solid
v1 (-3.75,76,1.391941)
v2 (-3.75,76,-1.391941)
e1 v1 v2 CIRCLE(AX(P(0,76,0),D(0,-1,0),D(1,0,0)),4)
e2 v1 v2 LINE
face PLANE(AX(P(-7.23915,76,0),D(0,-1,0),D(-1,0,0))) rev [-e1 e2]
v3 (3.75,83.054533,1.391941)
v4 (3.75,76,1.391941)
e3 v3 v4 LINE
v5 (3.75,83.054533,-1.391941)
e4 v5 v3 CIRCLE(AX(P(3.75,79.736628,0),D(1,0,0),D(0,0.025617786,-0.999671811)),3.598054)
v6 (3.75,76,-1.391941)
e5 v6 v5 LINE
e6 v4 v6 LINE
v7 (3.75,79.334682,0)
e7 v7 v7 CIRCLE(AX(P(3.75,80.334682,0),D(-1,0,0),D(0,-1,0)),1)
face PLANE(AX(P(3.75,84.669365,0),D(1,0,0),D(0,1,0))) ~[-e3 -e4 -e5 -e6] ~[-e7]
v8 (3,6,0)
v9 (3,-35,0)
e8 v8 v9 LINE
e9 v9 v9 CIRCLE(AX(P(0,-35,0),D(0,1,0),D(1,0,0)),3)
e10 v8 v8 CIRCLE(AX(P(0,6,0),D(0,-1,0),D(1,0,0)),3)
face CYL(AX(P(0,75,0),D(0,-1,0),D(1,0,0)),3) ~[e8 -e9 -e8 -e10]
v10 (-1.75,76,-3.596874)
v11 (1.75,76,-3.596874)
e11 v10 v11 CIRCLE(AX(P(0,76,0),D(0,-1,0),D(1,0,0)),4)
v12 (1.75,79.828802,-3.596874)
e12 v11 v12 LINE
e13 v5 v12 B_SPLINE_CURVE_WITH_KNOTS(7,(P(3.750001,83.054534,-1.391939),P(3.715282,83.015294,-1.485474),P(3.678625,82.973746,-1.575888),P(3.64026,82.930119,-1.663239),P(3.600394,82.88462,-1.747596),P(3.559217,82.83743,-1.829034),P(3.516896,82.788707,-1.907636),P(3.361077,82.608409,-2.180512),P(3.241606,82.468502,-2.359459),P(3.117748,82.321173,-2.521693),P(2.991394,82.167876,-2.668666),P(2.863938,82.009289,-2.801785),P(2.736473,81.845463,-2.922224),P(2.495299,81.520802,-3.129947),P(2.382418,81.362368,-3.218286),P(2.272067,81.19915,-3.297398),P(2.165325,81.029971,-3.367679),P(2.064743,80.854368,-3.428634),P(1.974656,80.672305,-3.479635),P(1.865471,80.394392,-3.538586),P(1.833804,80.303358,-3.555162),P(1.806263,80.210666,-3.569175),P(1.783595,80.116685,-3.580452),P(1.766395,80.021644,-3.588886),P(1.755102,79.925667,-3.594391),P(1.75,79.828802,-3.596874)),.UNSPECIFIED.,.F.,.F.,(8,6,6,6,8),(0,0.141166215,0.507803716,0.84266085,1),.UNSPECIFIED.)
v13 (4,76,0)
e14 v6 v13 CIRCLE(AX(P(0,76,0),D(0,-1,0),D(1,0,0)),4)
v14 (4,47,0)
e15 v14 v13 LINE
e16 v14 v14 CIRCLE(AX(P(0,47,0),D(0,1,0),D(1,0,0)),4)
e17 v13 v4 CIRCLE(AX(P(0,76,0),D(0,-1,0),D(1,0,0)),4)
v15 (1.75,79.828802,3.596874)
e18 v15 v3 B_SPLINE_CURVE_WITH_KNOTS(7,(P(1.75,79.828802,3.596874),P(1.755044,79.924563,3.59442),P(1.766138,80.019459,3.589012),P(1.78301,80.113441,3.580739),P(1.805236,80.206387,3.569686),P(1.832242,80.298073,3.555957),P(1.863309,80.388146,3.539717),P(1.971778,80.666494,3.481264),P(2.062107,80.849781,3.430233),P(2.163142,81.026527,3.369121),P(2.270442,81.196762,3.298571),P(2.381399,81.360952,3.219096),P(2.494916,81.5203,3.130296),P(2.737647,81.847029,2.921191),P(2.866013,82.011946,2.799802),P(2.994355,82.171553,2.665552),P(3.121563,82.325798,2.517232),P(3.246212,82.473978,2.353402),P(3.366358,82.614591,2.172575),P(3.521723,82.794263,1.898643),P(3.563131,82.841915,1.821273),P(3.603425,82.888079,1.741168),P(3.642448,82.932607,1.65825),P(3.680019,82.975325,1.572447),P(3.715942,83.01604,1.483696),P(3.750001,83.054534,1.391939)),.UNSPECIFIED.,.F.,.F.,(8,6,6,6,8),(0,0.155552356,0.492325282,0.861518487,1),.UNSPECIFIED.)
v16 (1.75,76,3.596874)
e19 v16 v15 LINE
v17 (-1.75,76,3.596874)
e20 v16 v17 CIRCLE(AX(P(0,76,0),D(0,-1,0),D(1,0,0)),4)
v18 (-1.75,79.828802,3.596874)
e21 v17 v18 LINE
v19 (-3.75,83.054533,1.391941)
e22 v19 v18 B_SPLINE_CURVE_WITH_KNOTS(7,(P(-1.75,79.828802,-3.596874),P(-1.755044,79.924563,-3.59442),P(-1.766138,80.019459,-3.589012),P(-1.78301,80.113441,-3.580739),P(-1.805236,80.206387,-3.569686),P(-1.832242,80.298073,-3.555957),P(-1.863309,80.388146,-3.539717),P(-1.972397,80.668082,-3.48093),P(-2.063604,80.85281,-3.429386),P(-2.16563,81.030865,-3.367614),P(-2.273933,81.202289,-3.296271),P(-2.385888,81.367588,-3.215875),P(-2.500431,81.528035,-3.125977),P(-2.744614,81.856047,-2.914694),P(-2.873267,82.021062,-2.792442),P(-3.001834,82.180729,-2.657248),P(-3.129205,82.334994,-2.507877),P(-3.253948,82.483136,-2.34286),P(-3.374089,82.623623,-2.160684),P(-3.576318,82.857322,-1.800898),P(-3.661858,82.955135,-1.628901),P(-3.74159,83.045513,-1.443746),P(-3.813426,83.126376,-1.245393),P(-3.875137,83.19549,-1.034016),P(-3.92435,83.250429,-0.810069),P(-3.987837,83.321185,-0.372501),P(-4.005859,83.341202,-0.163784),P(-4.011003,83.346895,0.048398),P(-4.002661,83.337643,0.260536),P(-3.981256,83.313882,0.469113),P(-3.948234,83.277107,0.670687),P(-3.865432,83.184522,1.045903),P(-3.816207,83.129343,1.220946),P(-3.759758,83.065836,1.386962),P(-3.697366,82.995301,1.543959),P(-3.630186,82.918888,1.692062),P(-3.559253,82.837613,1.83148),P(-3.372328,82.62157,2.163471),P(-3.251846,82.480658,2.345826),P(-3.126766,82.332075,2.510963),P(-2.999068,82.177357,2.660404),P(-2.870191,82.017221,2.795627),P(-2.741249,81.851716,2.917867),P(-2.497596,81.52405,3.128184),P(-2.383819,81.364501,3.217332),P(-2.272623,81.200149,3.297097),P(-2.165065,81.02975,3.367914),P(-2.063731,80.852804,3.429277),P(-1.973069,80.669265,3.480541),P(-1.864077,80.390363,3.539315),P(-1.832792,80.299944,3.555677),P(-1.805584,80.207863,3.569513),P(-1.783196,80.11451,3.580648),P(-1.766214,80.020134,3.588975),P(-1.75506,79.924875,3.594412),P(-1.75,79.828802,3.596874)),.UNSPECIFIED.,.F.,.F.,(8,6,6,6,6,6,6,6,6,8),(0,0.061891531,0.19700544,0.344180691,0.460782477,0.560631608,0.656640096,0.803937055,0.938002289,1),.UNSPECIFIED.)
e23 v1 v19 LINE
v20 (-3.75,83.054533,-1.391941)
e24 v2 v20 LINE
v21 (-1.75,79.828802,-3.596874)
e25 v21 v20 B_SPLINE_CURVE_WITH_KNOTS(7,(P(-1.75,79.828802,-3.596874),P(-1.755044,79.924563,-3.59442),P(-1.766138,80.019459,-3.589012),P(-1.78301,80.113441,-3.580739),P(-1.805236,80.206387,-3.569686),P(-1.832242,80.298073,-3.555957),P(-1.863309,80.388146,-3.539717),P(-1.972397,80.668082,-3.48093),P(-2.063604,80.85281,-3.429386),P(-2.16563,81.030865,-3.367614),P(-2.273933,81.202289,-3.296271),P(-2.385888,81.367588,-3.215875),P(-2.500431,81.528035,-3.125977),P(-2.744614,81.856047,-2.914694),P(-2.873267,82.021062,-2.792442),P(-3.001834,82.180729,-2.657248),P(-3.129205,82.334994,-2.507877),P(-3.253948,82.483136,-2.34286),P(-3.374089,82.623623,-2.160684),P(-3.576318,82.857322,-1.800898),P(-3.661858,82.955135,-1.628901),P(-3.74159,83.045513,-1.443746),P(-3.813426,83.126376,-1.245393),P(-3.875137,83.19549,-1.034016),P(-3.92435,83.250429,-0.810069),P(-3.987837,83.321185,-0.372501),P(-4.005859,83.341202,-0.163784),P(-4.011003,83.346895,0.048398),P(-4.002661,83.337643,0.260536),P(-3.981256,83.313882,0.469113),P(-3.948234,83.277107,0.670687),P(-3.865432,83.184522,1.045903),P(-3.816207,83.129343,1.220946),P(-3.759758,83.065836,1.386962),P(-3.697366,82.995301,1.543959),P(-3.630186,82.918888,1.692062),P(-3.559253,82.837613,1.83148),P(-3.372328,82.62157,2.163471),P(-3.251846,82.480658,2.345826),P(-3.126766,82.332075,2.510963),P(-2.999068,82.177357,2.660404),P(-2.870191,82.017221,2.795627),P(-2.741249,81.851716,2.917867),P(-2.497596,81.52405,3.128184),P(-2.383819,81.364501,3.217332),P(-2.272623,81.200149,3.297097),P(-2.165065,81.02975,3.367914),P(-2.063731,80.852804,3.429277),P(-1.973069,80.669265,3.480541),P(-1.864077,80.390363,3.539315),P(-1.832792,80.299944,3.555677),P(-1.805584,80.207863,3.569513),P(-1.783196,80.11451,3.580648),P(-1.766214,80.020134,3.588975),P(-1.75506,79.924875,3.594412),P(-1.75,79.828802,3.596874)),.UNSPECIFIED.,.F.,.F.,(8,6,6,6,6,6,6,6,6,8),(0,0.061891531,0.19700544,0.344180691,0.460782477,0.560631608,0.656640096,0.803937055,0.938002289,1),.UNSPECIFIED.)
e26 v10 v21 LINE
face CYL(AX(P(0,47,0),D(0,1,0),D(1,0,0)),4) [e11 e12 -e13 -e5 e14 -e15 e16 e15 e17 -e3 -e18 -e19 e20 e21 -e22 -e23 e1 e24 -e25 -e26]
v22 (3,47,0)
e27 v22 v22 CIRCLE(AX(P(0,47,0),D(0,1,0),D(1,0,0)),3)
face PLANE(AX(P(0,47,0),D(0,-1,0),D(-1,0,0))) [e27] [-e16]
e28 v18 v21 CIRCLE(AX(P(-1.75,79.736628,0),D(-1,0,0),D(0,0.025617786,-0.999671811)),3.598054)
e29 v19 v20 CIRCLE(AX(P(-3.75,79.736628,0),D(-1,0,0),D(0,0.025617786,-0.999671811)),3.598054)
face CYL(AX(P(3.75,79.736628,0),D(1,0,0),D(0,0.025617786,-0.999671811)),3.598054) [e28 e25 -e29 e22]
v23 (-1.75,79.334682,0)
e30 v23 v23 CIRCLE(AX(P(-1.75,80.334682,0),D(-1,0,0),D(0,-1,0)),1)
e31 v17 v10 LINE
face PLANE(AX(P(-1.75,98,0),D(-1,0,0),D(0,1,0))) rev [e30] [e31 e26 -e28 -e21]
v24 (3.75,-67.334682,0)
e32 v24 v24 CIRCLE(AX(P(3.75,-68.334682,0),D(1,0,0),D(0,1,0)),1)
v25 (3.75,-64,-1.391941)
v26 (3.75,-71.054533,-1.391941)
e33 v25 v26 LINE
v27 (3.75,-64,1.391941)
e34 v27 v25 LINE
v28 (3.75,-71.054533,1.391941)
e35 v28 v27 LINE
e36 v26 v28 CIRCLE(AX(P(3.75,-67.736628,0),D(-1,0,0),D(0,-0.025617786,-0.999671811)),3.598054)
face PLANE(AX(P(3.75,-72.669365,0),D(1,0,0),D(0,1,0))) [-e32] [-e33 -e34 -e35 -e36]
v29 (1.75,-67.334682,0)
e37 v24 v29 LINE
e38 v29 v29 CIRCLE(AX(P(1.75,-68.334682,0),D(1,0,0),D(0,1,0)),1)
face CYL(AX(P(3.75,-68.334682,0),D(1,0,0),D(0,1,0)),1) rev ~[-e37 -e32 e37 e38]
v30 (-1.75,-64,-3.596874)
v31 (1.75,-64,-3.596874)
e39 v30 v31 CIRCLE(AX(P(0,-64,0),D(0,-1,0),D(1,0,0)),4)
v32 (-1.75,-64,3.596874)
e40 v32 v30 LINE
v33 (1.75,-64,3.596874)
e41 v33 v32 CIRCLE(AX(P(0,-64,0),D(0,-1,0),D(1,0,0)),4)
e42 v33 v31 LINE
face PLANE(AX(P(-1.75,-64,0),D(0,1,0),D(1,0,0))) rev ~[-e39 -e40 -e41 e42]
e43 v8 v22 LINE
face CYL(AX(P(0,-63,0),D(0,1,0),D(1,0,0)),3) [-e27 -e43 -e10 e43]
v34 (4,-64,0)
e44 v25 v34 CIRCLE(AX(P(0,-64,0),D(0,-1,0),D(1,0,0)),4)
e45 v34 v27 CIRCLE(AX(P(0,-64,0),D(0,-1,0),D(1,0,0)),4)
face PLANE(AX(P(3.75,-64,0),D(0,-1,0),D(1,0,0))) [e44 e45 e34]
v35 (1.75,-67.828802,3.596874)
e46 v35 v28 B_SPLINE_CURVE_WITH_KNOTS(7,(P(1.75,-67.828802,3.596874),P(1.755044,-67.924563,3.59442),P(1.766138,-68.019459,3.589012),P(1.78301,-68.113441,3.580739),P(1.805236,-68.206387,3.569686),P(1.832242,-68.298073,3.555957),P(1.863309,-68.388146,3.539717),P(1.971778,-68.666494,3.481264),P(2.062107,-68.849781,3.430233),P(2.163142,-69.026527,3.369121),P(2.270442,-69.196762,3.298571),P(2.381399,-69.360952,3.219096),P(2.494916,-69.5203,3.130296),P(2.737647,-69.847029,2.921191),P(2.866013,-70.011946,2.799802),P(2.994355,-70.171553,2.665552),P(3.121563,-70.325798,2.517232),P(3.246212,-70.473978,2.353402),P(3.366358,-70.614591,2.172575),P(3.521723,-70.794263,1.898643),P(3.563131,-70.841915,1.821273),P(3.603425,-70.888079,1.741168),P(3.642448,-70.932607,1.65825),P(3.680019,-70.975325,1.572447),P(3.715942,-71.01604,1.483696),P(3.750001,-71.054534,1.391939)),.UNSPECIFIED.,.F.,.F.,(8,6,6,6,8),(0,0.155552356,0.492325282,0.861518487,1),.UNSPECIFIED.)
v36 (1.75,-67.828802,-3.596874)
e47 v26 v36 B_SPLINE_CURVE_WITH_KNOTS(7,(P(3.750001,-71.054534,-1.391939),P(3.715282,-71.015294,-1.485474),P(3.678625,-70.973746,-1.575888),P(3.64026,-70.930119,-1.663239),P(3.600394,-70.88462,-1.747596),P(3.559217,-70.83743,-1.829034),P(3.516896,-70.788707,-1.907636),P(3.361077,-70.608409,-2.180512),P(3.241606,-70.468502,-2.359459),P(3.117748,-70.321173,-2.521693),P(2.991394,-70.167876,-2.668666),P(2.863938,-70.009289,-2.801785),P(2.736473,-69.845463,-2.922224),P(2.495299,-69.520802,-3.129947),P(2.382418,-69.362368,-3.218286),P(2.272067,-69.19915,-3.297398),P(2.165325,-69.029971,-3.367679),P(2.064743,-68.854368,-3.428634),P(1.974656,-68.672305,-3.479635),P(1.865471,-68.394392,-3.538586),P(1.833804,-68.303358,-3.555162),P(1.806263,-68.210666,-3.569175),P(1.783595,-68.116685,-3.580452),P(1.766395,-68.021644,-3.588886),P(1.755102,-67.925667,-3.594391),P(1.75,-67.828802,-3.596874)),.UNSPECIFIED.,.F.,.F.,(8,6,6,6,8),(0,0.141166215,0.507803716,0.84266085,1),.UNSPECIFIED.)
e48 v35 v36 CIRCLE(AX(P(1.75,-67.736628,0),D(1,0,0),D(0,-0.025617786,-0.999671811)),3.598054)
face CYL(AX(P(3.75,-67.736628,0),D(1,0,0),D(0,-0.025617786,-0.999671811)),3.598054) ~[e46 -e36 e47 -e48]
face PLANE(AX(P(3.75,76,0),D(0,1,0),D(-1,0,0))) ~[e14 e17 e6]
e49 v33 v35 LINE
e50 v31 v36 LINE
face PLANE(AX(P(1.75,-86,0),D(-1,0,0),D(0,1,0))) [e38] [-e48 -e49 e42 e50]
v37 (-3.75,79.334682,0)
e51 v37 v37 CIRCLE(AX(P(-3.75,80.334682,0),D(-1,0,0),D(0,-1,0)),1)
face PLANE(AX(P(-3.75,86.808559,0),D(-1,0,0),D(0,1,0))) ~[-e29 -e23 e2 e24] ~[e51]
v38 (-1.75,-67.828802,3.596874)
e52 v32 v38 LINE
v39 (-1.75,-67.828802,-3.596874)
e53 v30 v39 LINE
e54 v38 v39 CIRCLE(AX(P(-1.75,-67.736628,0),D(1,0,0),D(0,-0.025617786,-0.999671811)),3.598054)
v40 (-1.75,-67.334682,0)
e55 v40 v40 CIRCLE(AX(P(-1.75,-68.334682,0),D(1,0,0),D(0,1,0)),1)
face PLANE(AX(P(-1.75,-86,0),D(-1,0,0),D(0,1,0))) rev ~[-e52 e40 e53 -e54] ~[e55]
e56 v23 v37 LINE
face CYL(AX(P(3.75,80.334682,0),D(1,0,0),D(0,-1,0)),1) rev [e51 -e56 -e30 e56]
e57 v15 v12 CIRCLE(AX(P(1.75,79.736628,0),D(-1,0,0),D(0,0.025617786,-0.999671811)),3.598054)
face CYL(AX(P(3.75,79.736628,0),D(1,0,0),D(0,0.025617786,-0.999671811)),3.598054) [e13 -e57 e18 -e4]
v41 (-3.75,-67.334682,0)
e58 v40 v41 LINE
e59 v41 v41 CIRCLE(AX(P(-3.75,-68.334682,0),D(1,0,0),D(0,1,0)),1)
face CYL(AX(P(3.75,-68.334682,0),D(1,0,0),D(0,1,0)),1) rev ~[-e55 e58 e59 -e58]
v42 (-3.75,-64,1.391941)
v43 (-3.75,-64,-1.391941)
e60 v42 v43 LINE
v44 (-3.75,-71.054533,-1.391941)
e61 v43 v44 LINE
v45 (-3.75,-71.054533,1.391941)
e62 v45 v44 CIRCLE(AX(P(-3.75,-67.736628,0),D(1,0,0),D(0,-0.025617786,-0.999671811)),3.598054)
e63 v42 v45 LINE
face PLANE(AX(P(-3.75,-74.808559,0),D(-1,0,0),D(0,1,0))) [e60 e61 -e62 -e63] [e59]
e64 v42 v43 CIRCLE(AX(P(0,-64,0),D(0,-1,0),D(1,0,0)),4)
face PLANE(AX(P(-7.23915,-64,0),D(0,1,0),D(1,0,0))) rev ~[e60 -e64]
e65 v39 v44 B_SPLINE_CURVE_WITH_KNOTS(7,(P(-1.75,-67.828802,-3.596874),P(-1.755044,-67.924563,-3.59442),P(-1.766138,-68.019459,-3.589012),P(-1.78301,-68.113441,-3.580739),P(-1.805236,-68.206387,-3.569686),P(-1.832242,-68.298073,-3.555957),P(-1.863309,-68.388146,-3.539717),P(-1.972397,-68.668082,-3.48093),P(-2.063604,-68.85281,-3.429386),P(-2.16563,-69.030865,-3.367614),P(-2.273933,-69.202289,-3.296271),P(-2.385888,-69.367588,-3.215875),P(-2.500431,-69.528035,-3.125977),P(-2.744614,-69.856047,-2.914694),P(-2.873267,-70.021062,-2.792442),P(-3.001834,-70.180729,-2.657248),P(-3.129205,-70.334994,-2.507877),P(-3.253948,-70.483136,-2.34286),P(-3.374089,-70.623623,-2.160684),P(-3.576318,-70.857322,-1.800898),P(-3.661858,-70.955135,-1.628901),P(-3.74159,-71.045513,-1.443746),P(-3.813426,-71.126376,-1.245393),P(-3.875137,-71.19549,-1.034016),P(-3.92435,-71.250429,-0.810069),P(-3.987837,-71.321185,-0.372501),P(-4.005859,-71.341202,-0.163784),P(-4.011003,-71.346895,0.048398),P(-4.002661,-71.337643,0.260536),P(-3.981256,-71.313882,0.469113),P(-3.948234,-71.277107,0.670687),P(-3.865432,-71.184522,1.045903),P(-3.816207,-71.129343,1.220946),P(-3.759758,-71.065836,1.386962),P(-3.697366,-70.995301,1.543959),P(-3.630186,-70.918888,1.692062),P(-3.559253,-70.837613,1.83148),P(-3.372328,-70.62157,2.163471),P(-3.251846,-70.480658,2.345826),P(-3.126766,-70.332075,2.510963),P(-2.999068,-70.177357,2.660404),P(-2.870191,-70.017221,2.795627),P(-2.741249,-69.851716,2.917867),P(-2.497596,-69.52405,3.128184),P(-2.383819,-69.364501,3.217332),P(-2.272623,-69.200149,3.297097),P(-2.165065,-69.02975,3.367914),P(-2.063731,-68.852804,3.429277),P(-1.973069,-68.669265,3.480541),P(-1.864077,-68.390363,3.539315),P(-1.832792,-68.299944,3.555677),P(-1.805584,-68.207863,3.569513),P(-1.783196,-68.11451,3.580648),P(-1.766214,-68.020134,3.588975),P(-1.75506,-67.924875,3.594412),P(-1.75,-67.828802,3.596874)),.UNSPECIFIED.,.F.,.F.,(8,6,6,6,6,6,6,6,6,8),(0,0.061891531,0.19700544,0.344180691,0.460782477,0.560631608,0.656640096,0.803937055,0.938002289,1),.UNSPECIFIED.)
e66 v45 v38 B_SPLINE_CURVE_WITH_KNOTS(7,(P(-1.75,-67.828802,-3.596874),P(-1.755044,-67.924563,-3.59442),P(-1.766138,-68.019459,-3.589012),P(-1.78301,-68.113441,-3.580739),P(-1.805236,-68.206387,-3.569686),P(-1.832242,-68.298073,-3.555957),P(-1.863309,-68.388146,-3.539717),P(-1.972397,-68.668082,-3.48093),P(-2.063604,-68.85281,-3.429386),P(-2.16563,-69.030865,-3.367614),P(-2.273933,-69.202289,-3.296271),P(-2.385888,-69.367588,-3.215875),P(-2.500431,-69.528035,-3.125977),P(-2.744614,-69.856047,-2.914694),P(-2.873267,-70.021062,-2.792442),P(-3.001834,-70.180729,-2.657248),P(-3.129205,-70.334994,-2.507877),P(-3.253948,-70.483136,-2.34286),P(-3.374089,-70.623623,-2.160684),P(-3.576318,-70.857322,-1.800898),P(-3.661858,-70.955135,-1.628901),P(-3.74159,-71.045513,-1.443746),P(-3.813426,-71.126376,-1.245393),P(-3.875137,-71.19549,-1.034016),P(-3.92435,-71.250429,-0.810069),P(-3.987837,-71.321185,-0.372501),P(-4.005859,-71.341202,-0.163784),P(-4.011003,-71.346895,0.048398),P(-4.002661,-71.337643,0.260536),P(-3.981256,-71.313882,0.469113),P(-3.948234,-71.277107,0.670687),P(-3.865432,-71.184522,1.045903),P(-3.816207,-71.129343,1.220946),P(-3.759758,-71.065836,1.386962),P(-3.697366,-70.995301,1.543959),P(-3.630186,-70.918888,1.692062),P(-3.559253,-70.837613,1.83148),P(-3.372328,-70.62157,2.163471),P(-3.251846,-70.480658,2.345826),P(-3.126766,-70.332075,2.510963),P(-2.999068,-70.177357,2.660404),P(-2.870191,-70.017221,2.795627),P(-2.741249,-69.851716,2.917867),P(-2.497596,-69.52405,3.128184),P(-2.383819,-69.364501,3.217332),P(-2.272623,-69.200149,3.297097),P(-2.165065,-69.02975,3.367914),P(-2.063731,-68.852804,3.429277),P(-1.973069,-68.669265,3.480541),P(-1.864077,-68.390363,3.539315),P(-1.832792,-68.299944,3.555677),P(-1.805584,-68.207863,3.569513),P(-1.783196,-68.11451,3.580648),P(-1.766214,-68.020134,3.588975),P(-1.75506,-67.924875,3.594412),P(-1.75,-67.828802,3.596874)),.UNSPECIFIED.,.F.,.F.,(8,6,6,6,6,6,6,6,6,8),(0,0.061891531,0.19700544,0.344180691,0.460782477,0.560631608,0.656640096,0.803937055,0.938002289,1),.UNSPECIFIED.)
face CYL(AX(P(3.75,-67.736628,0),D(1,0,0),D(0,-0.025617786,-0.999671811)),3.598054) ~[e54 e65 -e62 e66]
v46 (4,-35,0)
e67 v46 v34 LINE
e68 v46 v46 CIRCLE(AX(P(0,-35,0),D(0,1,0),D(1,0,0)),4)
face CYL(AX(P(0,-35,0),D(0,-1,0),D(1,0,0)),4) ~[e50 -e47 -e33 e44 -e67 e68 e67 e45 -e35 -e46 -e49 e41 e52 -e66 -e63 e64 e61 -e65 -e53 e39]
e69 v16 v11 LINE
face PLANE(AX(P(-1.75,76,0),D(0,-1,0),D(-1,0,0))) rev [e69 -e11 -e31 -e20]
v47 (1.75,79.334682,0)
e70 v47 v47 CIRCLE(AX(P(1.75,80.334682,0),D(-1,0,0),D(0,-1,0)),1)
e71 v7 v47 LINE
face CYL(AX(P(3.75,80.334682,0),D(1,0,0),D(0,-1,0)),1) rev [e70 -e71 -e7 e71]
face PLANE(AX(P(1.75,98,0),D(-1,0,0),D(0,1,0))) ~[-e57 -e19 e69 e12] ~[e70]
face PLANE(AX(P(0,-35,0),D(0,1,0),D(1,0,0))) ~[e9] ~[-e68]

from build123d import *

# Parameters (mm, degrees)
SKETCH2_W               = 3.5
SKETCH2_H               = 22
SKETCH2_W_2             = 3.489149722
SKETCH2_H_2             = 10.808558849
SKETCH2_W_3             = 5.104041679
SKETCH2_H_3             = 8.66936491
CUT_EXTRUDE1_DEPTH      = 10
SKETCH3_R               = 1
CUT_EXTRUDE2_DEPTH      = 1.25
CUT_EXTRUDE2_DEPTH_BACK = 8.75
CUT_EXTRUDE3_DEPTH      = 1.25
CUT_EXTRUDE3_DEPTH_BACK = 8.75


with BuildPart() as part:
    # Sketch1 → Revolve1 (revolve)
    with BuildSketch(Plane.XY, mode=Mode.PRIVATE) as revolve1_sk:
        Polygon((0, -75), (0, 75), (-3, 75), (-3, -35), (-4, -35), (-4, -75), align=None)
    revolve(revolve1_sk.sketch.rotate(Axis((0, -75, 0), (0, 1, 0)), 180), axis=Axis((0, -75, 0), (0, 1, 0)))  # turned: the seam where the file's is

    # Sketch2 → Cut-Extrude1 (cut, symmetric)
    with BuildSketch(Plane.XY):
        with Locations((0, -75)):
            Rectangle(SKETCH2_W, SKETCH2_H)
        with Locations((-5.494574861, -69.404279425)):
            Rectangle(SKETCH2_W_2, SKETCH2_H_2)
        with Locations((6.302020839, -68.334682455)):
            Rectangle(SKETCH2_W_3, SKETCH2_H_3)
    extrude(amount=CUT_EXTRUDE1_DEPTH, both=True, mode=Mode.SUBTRACT)

    # Sketch3 → Cut-Extrude2 (cut, two sides)
    with BuildSketch(Plane(origin=(3.75, 0, 0), x_dir=(0, 0, -1), z_dir=(1, 0, 0))) as cut_extrude2_sk:
        with Locations(Location((0, -68.334682455, 0), (0, 0, 90))):  # turned: the seam where the file's is
            Circle(SKETCH3_R)
    extrude(amount=CUT_EXTRUDE2_DEPTH, mode=Mode.SUBTRACT)
    extrude(cut_extrude2_sk.sketch, amount=-CUT_EXTRUDE2_DEPTH_BACK, mode=Mode.SUBTRACT)

    # Sketch4 → Cut-Extrude3 (cut, two sides)
    with BuildSketch(Plane(origin=(3.75, 0, 0), x_dir=(0, 0, -1), z_dir=(1, 0, 0))) as cut_extrude3_sk:
        with BuildLine():
            Line((-3.596873642, -67.828802158), (-5.675638146, -67.828802158))
            Line((-5.675638146, -67.828802158), (-5.675638146, -76.926900892))
            Line((-5.675638146, -76.926900892), (6.407188639, -76.926900892))
            Line((6.407188639, -76.926900892), (6.407188639, -67.828802158))
            Line((6.407188639, -67.828802158), (3.596873642, -67.828802158))
            ThreePointArc((3.596873642, -67.828802158), (0, -71.334682455), (-3.596873642, -67.828802158))
        make_face()
    extrude(amount=CUT_EXTRUDE3_DEPTH, mode=Mode.SUBTRACT)
    extrude(cut_extrude3_sk.sketch, amount=-CUT_EXTRUDE3_DEPTH_BACK, mode=Mode.SUBTRACT)

    # Split1
    split(bisect_by=Plane.ZX.offset(6), keep=Keep.BOTTOM)

    # Mirror1: part across plane


with BuildPart() as part_1:
    add(part.part)
    add(part.part.mirror(Plane.ZX.offset(6)))


solid = part_1.part
